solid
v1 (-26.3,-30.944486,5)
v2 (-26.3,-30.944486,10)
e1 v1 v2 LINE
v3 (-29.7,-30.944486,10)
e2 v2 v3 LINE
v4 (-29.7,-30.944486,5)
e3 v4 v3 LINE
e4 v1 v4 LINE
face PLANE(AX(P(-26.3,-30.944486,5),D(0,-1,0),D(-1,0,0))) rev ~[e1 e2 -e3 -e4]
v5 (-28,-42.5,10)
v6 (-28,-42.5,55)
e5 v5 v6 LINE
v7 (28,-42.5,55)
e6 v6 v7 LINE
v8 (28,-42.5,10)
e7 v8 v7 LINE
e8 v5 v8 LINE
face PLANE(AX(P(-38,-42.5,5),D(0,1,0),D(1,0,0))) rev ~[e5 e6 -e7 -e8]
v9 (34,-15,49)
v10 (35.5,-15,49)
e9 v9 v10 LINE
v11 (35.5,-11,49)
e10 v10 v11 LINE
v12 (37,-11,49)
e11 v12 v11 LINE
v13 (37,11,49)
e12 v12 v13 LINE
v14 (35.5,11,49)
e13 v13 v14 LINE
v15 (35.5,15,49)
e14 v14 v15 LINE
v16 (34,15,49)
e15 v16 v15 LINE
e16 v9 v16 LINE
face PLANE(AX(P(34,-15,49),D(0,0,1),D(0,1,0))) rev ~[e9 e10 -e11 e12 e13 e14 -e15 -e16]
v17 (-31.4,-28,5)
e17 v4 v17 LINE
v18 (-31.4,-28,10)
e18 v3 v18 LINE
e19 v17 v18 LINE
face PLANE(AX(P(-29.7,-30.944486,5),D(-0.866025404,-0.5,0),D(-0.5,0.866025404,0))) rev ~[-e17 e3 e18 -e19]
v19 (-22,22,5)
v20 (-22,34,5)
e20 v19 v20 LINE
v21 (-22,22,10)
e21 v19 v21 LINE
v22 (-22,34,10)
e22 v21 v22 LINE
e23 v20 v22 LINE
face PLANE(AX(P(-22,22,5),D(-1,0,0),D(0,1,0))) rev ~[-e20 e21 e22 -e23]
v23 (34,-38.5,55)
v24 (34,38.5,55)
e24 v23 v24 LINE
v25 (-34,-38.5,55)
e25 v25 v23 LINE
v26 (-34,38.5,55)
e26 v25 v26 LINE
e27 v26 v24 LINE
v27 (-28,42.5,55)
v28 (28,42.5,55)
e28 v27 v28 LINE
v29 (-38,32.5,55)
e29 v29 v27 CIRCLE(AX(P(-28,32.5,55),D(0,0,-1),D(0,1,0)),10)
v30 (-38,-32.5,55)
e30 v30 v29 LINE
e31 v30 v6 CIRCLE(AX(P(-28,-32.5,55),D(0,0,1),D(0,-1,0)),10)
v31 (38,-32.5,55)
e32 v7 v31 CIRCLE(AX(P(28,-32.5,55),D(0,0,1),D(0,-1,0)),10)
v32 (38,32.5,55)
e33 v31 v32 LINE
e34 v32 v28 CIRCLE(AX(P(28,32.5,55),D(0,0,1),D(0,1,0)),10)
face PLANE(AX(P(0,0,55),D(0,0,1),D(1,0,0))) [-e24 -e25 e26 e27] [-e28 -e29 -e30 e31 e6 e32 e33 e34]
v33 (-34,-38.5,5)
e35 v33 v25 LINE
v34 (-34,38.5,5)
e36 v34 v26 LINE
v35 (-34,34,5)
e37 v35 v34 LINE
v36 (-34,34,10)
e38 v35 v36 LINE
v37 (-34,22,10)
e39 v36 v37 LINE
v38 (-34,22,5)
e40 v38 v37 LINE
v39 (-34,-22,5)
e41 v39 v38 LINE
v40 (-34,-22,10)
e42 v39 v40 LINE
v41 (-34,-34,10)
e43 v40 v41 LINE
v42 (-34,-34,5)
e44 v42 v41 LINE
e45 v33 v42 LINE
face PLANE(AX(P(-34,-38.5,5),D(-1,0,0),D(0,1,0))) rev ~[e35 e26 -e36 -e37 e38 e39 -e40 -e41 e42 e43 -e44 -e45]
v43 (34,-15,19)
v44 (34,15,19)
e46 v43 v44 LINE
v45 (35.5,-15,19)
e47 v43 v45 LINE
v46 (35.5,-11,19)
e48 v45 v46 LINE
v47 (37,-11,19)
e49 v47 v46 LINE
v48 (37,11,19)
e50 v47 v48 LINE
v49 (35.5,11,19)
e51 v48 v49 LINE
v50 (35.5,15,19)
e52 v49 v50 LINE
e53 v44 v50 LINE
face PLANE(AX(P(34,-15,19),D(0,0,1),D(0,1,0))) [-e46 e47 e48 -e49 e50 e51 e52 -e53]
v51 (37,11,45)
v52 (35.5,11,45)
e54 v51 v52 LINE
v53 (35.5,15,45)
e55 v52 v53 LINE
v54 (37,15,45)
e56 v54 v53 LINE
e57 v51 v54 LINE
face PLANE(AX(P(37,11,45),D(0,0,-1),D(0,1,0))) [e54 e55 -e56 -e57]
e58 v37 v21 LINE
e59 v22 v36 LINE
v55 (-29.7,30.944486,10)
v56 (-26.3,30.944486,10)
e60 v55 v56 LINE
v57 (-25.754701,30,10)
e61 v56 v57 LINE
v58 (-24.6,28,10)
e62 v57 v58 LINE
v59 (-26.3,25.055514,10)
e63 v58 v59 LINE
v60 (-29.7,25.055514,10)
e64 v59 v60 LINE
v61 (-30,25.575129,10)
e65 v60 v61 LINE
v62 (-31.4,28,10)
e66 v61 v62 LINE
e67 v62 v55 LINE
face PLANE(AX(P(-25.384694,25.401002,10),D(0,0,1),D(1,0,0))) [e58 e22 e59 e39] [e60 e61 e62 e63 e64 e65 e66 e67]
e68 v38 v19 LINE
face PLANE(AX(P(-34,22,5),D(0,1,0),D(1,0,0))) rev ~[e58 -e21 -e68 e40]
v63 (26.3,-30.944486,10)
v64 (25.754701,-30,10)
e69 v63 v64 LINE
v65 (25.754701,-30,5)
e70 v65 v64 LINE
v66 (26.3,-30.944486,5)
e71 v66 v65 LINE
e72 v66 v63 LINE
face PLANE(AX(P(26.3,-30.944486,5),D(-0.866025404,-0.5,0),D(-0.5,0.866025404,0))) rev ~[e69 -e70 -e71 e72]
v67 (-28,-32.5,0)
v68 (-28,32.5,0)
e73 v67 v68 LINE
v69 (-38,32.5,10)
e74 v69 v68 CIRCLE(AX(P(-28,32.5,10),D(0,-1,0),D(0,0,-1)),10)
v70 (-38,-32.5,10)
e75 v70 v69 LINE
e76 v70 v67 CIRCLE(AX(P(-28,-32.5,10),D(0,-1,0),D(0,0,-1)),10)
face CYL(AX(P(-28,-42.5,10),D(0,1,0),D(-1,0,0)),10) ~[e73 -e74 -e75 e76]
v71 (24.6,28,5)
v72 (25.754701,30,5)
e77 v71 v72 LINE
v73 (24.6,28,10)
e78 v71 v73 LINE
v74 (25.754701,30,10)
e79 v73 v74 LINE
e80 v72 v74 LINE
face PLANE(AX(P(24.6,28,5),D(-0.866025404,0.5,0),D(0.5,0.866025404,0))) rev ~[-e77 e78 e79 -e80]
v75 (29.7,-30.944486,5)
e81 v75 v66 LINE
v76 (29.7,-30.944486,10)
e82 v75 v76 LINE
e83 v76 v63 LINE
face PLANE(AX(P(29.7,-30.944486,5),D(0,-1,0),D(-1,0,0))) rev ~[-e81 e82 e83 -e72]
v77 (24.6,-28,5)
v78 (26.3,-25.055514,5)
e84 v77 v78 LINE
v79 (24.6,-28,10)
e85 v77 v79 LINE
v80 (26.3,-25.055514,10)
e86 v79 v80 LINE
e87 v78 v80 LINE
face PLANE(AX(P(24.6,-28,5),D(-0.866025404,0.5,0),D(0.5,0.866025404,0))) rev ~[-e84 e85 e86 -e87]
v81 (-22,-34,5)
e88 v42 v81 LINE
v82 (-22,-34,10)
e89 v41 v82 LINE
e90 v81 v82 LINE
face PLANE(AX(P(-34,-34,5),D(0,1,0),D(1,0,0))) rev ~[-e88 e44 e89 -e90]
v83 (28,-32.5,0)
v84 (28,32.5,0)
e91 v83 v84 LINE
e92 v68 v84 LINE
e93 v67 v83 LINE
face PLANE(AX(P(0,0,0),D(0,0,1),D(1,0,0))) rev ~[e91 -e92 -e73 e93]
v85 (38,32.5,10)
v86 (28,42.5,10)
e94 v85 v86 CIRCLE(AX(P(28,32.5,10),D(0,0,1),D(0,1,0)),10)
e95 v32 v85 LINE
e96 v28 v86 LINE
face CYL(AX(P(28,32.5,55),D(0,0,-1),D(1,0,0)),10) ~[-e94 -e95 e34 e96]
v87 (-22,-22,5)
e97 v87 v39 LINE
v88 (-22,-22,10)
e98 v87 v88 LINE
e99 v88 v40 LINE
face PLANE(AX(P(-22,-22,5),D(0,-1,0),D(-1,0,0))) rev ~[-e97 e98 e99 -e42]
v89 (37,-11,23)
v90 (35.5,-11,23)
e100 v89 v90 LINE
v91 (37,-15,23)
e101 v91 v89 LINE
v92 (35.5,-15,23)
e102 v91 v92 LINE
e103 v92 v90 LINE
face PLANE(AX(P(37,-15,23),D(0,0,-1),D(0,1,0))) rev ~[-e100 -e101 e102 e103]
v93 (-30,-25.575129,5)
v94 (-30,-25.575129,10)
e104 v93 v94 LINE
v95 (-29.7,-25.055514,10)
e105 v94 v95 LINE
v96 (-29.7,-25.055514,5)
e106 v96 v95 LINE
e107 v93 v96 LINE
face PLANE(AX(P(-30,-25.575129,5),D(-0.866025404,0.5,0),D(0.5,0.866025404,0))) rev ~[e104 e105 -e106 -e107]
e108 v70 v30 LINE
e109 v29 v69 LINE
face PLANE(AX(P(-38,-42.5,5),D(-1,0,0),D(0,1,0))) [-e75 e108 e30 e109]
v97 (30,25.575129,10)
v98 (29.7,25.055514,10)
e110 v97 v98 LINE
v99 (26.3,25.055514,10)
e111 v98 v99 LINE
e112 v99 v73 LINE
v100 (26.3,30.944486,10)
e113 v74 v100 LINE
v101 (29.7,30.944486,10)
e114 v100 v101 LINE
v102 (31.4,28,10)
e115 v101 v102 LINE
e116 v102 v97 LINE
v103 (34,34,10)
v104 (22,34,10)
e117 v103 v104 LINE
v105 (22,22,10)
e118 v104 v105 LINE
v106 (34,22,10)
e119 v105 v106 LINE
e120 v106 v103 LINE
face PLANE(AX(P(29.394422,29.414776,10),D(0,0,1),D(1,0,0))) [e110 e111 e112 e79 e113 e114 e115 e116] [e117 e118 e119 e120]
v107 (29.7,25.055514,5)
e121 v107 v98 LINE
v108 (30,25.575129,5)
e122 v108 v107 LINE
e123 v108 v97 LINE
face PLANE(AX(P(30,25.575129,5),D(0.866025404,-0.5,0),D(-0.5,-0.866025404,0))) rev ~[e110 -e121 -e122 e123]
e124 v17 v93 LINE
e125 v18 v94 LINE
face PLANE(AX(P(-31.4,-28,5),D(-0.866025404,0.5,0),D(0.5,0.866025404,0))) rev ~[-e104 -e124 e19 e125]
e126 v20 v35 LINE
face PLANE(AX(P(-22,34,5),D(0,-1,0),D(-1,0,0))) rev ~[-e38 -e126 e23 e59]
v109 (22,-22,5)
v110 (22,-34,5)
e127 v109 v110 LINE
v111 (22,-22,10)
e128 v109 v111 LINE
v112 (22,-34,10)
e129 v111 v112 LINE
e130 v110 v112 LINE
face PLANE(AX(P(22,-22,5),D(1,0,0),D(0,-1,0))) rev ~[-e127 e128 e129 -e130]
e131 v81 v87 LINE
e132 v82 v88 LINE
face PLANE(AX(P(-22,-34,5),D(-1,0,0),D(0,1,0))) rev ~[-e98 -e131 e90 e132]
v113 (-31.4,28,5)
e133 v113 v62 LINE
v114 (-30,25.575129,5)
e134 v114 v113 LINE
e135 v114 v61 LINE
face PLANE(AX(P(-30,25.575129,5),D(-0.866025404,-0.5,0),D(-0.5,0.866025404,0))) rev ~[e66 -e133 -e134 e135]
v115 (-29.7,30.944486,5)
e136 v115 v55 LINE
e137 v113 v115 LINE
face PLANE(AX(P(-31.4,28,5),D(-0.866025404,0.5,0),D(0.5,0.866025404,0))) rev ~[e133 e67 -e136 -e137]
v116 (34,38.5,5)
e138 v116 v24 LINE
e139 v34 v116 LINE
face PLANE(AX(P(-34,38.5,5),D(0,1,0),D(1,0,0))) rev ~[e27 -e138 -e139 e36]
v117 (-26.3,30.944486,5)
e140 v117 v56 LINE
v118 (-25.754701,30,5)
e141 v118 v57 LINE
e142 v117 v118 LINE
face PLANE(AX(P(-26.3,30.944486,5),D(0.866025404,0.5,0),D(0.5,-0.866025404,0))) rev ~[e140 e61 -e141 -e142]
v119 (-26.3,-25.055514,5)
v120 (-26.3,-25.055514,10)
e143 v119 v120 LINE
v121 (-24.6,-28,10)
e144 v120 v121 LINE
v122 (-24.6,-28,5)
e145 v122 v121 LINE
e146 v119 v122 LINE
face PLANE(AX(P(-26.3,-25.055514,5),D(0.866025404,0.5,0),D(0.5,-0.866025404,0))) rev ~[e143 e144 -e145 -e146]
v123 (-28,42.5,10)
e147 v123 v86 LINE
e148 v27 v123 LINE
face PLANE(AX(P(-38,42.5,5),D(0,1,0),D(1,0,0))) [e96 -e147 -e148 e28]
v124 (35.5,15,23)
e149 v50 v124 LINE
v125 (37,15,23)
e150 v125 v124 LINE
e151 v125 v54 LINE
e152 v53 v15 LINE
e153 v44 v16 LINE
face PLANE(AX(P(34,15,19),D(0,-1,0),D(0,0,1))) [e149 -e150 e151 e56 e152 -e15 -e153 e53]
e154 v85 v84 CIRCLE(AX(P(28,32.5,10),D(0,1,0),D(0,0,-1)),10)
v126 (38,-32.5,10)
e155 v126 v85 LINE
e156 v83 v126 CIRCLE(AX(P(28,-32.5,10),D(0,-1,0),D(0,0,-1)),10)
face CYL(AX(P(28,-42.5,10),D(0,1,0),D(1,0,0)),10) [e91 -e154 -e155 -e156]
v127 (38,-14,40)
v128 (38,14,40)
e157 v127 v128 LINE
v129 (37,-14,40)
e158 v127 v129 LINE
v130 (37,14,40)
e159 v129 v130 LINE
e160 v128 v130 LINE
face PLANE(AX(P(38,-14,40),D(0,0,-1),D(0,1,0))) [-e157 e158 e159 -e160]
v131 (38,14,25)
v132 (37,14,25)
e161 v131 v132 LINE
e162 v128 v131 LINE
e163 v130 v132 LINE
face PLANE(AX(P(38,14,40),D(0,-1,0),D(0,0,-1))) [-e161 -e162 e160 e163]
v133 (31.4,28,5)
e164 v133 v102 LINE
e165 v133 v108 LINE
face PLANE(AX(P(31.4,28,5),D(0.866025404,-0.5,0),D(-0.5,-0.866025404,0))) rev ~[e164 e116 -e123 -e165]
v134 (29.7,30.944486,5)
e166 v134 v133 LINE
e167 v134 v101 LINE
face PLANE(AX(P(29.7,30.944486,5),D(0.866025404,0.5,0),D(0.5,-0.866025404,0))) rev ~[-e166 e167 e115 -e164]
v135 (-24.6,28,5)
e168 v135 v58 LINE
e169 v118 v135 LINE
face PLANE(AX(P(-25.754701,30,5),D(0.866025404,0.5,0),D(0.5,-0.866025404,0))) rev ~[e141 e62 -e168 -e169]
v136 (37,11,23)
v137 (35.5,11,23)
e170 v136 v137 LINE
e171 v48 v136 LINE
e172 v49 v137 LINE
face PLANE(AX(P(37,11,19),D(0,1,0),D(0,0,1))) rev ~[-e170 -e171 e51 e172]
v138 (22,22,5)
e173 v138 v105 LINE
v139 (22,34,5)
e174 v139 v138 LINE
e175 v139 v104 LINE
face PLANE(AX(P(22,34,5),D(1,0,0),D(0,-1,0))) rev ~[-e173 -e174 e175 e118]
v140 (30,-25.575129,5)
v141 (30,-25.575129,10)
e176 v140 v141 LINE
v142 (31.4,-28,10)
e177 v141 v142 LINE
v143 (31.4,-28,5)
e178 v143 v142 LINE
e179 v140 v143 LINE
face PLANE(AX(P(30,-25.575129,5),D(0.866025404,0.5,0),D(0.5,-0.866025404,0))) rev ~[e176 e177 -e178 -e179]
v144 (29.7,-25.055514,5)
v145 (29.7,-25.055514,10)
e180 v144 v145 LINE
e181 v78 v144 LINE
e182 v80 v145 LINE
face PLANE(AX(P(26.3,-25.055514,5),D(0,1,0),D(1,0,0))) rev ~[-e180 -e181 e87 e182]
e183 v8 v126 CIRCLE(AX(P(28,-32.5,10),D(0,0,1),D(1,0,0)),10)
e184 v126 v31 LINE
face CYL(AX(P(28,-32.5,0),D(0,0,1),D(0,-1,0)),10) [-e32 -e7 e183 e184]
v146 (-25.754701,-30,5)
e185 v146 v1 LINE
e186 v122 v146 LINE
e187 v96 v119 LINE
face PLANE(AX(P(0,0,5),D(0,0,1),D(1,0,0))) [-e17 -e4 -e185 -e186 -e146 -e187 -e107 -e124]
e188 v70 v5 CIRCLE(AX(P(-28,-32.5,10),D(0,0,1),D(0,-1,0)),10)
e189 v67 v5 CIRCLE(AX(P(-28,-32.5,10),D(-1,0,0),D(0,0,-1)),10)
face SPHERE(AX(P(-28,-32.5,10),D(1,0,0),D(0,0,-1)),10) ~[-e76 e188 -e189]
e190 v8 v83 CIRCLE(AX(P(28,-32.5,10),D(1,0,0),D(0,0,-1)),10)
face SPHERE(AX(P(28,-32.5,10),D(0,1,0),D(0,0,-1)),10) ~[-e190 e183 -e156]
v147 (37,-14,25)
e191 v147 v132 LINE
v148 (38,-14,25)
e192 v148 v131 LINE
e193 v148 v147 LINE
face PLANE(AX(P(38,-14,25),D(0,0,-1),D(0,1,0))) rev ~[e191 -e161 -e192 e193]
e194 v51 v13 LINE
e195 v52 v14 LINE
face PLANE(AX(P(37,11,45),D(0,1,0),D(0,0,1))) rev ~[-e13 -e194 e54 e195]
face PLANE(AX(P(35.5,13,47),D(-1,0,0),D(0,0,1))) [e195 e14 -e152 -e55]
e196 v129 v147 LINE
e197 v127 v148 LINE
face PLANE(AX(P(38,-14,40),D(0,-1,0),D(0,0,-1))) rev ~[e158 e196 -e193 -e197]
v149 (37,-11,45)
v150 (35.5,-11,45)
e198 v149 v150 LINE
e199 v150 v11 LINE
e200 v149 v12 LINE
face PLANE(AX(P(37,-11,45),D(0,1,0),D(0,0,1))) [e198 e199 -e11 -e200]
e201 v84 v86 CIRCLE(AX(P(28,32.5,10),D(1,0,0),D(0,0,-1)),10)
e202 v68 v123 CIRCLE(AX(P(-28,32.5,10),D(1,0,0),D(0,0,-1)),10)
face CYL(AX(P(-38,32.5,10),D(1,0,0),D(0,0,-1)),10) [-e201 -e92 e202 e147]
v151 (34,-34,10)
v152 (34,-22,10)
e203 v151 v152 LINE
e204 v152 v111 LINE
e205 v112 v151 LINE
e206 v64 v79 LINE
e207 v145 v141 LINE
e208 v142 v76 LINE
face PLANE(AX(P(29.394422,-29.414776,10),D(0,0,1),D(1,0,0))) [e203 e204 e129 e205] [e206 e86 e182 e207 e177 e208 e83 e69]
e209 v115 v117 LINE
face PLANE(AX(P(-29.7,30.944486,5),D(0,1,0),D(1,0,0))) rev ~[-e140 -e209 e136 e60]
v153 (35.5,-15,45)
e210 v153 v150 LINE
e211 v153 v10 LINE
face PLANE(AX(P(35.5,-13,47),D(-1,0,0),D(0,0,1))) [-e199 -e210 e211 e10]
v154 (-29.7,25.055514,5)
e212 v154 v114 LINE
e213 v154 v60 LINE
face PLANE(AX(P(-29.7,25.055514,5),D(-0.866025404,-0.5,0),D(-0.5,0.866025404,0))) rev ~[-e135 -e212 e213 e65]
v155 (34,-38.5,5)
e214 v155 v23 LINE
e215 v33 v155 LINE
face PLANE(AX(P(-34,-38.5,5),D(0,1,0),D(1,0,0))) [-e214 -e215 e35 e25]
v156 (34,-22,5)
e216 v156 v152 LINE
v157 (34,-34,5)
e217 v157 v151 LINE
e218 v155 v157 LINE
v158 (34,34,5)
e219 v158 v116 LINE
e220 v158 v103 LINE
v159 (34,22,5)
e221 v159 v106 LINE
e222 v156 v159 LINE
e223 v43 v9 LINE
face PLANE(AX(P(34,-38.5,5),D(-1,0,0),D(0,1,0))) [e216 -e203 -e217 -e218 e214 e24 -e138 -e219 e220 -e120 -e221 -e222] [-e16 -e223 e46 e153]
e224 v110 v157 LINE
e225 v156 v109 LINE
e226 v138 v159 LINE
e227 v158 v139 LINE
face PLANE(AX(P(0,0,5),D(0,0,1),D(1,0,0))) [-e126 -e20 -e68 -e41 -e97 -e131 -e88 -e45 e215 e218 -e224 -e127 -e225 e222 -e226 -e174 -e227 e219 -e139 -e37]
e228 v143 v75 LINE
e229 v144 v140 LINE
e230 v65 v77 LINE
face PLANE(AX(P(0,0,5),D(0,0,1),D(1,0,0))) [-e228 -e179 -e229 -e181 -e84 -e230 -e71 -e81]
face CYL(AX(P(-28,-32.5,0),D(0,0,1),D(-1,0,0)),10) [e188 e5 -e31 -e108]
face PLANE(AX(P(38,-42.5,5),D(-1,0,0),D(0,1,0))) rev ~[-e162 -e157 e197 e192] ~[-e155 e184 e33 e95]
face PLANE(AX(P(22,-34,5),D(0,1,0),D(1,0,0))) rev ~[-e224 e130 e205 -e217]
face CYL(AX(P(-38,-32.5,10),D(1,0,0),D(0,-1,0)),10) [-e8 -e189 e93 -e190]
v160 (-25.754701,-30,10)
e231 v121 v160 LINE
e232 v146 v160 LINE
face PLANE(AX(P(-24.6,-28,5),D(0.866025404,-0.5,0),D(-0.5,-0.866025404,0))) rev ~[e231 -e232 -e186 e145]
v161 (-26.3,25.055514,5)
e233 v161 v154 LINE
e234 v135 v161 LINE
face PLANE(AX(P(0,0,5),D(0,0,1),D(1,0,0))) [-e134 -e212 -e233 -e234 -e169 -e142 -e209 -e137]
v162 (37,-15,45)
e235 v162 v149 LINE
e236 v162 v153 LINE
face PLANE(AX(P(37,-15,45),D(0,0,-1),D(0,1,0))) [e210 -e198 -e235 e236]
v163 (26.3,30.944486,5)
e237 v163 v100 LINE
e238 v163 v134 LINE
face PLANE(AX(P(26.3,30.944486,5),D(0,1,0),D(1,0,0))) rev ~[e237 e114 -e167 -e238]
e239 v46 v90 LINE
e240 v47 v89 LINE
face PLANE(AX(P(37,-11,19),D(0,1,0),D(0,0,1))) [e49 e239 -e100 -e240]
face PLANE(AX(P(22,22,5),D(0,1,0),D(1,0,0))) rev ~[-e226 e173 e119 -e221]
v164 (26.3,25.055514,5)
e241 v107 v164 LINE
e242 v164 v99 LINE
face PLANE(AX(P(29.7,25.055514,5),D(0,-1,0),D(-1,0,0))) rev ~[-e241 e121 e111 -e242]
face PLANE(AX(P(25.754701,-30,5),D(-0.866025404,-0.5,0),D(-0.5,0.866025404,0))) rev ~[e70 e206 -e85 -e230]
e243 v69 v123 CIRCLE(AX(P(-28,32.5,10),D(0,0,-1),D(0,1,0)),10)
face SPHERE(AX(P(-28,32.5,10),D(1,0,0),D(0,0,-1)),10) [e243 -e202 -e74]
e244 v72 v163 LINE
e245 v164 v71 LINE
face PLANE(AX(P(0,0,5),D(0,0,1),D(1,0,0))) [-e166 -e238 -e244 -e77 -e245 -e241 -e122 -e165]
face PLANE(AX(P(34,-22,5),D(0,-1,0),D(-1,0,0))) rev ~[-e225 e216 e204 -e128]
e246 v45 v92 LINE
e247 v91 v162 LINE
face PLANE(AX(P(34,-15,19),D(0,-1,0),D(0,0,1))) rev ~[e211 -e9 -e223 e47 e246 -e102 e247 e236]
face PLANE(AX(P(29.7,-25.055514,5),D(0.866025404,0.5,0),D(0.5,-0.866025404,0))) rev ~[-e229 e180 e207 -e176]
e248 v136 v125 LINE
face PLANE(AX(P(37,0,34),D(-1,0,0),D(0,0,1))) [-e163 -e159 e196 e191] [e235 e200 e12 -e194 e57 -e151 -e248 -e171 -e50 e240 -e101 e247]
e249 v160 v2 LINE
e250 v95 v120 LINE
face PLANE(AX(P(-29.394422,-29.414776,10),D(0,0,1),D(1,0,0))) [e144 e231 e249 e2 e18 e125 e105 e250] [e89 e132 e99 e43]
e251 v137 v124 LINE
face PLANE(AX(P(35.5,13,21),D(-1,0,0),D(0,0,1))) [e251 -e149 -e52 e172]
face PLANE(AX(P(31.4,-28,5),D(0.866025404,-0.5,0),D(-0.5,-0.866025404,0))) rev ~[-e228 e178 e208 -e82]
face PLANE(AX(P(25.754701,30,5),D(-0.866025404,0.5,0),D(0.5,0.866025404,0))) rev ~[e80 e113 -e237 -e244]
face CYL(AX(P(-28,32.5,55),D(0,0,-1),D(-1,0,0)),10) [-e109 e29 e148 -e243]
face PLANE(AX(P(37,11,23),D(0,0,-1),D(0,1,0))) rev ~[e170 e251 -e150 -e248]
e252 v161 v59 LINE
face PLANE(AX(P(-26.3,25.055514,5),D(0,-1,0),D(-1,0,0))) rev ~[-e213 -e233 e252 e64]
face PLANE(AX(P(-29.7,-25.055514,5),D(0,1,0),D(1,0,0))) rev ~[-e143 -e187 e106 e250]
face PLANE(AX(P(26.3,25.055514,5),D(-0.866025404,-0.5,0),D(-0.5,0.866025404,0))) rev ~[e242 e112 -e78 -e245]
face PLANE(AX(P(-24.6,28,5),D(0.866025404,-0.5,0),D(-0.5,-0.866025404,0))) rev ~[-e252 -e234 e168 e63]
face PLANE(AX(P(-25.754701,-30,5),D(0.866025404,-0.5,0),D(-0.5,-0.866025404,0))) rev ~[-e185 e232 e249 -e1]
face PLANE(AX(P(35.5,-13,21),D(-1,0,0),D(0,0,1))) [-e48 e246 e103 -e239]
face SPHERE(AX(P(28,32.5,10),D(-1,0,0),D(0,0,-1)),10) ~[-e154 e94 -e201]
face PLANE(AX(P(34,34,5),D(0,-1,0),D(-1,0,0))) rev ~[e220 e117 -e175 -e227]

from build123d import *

# Parameters (mm, degrees)
CROQUIS1_W              = 76
CROQUIS1_H              = 85
SALIENTE_EXTRUIR1_DEPTH = 5
SALIENTE_EXTRUIR5_DEPTH = 5
CROQUIS6_W              = 76
CROQUIS6_H              = 85
CROQUIS6_W_2            = 68
CROQUIS6_H_2            = 77
SALIENTE_EXTRUIR6_DEPTH = 50
REDONDEO1_R             = 10
CROQUIS7_W              = 15
CROQUIS7_H              = 28
CORTAR_EXTRUIR2_DEPTH   = 5
CROQUIS8_W              = 30
CROQUIS8_H              = 30
CORTAR_EXTRUIR3_DEPTH   = 3
CROQUIS10_W             = 4
CROQUIS10_H             = 4
SALIENTE_EXTRUIR7_DEPTH = 1.5


with BuildPart() as part:
    # Croquis1 → Saliente-Extruir1 (new body)
    with BuildSketch(Plane.XY):
        Rectangle(CROQUIS1_W, CROQUIS1_H)
    extrude(amount=SALIENTE_EXTRUIR1_DEPTH)

    # Croquis5 → Saliente-Extruir5 (add)
    with BuildSketch(Plane.XY.offset(5)):
        Polygon((25.754700538, -30), (22, -30), (22, -34), (34, -34), (34, -22), (30, -22), (30, -25.575128869), (31.4, -28), (29.7, -30.944486373), (26.3, -30.944486373), align=None)
        Polygon((22, -22), (22, -30), (25.754700538, -30), (24.6, -28), (26.3, -25.055513627), (29.7, -25.055513627), (30, -25.575128869), (30, -22), align=None)
        Polygon((-22, -30), (-25.754700538, -30), (-26.3, -30.944486373), (-29.7, -30.944486373), (-31.4, -28), (-30, -25.575128869), (-30, -22), (-34, -22), (-34, -34), (-22, -34), align=None)
        Polygon((-24.6, -28), (-25.754700538, -30), (-22, -30), (-22, -22), (-30, -22), (-30, -25.575128869), (-29.7, -25.055513627), (-26.3, -25.055513627), align=None)
        Polygon((-30, 25.575128869), (-30, 22), (-22, 22), (-22, 30), (-25.754700538, 30), (-24.6, 28), (-26.3, 25.055513627), (-29.7, 25.055513627), align=None)
        Polygon((-34, 22), (-30, 22), (-30, 25.575128869), (-31.4, 28), (-29.7, 30.944486373), (-26.3, 30.944486373), (-25.754700538, 30), (-22, 30), (-22, 34), (-34, 34), align=None)
        Polygon((30, 25.575128869), (30, 22), (34, 22), (34, 34), (22, 34), (22, 30), (25.754700538, 30), (26.3, 30.944486373), (29.7, 30.944486373), (31.4, 28), align=None)
        Polygon((22, 22), (30, 22), (30, 25.575128869), (29.7, 25.055513627), (26.3, 25.055513627), (24.6, 28), (25.754700538, 30), (22, 30), align=None)
    extrude(amount=SALIENTE_EXTRUIR5_DEPTH)

    # Croquis6 → Saliente-Extruir6 (add)
    with BuildSketch(Plane.XY.offset(5)):
        Rectangle(CROQUIS6_W, CROQUIS6_H)
        Rectangle(CROQUIS6_W_2, CROQUIS6_H_2, mode=Mode.SUBTRACT)
    extrude(amount=SALIENTE_EXTRUIR6_DEPTH)

    # Redondeo1
    redondeo1_edges = [part.edges().sort_by_distance(p)[0] for p in [
        (0, 42.5, 0),
        (38, 0, 0),
        (0, -42.5, 0),
        (-38, 0, 0),
        (-38, 42.5, 27.5),
        (38, 42.5, 27.5),
        (38, -42.5, 27.5),
        (-38, -42.5, 27.5),
    ]]
    fillet(redondeo1_edges, radius=REDONDEO1_R)

    # Croquis7 → Cortar-Extruir2 (cut)
    with BuildSketch(Plane(origin=(38, 0, 0), x_dir=(0, 0, -1), z_dir=(1, 0, 0))):
        with Locations((-32.5, 0)):
            Rectangle(CROQUIS7_W, CROQUIS7_H)
    extrude(amount=-CORTAR_EXTRUIR2_DEPTH, mode=Mode.SUBTRACT)

    # Croquis8 → Cortar-Extruir3 (cut)
    with BuildSketch(Plane.ZY.offset(-34)):
        with Locations((34, 0)):
            Rectangle(CROQUIS8_W, CROQUIS8_H)
    extrude(amount=-CORTAR_EXTRUIR3_DEPTH, mode=Mode.SUBTRACT)

    # Croquis10 → Saliente-Extruir7 (add)
    with BuildSketch(Plane.ZY.offset(-37)):
        with Locations((21, -13)):
            Rectangle(CROQUIS10_W, CROQUIS10_H)
        with Locations((47, -13)):
            Rectangle(CROQUIS10_W, CROQUIS10_H)
        with Locations((47, 13)):
            Rectangle(CROQUIS10_W, CROQUIS10_H)
        with Locations((21, 13)):
            Rectangle(CROQUIS10_W, CROQUIS10_H)
    extrude(amount=SALIENTE_EXTRUIR7_DEPTH)


solid = part.part
